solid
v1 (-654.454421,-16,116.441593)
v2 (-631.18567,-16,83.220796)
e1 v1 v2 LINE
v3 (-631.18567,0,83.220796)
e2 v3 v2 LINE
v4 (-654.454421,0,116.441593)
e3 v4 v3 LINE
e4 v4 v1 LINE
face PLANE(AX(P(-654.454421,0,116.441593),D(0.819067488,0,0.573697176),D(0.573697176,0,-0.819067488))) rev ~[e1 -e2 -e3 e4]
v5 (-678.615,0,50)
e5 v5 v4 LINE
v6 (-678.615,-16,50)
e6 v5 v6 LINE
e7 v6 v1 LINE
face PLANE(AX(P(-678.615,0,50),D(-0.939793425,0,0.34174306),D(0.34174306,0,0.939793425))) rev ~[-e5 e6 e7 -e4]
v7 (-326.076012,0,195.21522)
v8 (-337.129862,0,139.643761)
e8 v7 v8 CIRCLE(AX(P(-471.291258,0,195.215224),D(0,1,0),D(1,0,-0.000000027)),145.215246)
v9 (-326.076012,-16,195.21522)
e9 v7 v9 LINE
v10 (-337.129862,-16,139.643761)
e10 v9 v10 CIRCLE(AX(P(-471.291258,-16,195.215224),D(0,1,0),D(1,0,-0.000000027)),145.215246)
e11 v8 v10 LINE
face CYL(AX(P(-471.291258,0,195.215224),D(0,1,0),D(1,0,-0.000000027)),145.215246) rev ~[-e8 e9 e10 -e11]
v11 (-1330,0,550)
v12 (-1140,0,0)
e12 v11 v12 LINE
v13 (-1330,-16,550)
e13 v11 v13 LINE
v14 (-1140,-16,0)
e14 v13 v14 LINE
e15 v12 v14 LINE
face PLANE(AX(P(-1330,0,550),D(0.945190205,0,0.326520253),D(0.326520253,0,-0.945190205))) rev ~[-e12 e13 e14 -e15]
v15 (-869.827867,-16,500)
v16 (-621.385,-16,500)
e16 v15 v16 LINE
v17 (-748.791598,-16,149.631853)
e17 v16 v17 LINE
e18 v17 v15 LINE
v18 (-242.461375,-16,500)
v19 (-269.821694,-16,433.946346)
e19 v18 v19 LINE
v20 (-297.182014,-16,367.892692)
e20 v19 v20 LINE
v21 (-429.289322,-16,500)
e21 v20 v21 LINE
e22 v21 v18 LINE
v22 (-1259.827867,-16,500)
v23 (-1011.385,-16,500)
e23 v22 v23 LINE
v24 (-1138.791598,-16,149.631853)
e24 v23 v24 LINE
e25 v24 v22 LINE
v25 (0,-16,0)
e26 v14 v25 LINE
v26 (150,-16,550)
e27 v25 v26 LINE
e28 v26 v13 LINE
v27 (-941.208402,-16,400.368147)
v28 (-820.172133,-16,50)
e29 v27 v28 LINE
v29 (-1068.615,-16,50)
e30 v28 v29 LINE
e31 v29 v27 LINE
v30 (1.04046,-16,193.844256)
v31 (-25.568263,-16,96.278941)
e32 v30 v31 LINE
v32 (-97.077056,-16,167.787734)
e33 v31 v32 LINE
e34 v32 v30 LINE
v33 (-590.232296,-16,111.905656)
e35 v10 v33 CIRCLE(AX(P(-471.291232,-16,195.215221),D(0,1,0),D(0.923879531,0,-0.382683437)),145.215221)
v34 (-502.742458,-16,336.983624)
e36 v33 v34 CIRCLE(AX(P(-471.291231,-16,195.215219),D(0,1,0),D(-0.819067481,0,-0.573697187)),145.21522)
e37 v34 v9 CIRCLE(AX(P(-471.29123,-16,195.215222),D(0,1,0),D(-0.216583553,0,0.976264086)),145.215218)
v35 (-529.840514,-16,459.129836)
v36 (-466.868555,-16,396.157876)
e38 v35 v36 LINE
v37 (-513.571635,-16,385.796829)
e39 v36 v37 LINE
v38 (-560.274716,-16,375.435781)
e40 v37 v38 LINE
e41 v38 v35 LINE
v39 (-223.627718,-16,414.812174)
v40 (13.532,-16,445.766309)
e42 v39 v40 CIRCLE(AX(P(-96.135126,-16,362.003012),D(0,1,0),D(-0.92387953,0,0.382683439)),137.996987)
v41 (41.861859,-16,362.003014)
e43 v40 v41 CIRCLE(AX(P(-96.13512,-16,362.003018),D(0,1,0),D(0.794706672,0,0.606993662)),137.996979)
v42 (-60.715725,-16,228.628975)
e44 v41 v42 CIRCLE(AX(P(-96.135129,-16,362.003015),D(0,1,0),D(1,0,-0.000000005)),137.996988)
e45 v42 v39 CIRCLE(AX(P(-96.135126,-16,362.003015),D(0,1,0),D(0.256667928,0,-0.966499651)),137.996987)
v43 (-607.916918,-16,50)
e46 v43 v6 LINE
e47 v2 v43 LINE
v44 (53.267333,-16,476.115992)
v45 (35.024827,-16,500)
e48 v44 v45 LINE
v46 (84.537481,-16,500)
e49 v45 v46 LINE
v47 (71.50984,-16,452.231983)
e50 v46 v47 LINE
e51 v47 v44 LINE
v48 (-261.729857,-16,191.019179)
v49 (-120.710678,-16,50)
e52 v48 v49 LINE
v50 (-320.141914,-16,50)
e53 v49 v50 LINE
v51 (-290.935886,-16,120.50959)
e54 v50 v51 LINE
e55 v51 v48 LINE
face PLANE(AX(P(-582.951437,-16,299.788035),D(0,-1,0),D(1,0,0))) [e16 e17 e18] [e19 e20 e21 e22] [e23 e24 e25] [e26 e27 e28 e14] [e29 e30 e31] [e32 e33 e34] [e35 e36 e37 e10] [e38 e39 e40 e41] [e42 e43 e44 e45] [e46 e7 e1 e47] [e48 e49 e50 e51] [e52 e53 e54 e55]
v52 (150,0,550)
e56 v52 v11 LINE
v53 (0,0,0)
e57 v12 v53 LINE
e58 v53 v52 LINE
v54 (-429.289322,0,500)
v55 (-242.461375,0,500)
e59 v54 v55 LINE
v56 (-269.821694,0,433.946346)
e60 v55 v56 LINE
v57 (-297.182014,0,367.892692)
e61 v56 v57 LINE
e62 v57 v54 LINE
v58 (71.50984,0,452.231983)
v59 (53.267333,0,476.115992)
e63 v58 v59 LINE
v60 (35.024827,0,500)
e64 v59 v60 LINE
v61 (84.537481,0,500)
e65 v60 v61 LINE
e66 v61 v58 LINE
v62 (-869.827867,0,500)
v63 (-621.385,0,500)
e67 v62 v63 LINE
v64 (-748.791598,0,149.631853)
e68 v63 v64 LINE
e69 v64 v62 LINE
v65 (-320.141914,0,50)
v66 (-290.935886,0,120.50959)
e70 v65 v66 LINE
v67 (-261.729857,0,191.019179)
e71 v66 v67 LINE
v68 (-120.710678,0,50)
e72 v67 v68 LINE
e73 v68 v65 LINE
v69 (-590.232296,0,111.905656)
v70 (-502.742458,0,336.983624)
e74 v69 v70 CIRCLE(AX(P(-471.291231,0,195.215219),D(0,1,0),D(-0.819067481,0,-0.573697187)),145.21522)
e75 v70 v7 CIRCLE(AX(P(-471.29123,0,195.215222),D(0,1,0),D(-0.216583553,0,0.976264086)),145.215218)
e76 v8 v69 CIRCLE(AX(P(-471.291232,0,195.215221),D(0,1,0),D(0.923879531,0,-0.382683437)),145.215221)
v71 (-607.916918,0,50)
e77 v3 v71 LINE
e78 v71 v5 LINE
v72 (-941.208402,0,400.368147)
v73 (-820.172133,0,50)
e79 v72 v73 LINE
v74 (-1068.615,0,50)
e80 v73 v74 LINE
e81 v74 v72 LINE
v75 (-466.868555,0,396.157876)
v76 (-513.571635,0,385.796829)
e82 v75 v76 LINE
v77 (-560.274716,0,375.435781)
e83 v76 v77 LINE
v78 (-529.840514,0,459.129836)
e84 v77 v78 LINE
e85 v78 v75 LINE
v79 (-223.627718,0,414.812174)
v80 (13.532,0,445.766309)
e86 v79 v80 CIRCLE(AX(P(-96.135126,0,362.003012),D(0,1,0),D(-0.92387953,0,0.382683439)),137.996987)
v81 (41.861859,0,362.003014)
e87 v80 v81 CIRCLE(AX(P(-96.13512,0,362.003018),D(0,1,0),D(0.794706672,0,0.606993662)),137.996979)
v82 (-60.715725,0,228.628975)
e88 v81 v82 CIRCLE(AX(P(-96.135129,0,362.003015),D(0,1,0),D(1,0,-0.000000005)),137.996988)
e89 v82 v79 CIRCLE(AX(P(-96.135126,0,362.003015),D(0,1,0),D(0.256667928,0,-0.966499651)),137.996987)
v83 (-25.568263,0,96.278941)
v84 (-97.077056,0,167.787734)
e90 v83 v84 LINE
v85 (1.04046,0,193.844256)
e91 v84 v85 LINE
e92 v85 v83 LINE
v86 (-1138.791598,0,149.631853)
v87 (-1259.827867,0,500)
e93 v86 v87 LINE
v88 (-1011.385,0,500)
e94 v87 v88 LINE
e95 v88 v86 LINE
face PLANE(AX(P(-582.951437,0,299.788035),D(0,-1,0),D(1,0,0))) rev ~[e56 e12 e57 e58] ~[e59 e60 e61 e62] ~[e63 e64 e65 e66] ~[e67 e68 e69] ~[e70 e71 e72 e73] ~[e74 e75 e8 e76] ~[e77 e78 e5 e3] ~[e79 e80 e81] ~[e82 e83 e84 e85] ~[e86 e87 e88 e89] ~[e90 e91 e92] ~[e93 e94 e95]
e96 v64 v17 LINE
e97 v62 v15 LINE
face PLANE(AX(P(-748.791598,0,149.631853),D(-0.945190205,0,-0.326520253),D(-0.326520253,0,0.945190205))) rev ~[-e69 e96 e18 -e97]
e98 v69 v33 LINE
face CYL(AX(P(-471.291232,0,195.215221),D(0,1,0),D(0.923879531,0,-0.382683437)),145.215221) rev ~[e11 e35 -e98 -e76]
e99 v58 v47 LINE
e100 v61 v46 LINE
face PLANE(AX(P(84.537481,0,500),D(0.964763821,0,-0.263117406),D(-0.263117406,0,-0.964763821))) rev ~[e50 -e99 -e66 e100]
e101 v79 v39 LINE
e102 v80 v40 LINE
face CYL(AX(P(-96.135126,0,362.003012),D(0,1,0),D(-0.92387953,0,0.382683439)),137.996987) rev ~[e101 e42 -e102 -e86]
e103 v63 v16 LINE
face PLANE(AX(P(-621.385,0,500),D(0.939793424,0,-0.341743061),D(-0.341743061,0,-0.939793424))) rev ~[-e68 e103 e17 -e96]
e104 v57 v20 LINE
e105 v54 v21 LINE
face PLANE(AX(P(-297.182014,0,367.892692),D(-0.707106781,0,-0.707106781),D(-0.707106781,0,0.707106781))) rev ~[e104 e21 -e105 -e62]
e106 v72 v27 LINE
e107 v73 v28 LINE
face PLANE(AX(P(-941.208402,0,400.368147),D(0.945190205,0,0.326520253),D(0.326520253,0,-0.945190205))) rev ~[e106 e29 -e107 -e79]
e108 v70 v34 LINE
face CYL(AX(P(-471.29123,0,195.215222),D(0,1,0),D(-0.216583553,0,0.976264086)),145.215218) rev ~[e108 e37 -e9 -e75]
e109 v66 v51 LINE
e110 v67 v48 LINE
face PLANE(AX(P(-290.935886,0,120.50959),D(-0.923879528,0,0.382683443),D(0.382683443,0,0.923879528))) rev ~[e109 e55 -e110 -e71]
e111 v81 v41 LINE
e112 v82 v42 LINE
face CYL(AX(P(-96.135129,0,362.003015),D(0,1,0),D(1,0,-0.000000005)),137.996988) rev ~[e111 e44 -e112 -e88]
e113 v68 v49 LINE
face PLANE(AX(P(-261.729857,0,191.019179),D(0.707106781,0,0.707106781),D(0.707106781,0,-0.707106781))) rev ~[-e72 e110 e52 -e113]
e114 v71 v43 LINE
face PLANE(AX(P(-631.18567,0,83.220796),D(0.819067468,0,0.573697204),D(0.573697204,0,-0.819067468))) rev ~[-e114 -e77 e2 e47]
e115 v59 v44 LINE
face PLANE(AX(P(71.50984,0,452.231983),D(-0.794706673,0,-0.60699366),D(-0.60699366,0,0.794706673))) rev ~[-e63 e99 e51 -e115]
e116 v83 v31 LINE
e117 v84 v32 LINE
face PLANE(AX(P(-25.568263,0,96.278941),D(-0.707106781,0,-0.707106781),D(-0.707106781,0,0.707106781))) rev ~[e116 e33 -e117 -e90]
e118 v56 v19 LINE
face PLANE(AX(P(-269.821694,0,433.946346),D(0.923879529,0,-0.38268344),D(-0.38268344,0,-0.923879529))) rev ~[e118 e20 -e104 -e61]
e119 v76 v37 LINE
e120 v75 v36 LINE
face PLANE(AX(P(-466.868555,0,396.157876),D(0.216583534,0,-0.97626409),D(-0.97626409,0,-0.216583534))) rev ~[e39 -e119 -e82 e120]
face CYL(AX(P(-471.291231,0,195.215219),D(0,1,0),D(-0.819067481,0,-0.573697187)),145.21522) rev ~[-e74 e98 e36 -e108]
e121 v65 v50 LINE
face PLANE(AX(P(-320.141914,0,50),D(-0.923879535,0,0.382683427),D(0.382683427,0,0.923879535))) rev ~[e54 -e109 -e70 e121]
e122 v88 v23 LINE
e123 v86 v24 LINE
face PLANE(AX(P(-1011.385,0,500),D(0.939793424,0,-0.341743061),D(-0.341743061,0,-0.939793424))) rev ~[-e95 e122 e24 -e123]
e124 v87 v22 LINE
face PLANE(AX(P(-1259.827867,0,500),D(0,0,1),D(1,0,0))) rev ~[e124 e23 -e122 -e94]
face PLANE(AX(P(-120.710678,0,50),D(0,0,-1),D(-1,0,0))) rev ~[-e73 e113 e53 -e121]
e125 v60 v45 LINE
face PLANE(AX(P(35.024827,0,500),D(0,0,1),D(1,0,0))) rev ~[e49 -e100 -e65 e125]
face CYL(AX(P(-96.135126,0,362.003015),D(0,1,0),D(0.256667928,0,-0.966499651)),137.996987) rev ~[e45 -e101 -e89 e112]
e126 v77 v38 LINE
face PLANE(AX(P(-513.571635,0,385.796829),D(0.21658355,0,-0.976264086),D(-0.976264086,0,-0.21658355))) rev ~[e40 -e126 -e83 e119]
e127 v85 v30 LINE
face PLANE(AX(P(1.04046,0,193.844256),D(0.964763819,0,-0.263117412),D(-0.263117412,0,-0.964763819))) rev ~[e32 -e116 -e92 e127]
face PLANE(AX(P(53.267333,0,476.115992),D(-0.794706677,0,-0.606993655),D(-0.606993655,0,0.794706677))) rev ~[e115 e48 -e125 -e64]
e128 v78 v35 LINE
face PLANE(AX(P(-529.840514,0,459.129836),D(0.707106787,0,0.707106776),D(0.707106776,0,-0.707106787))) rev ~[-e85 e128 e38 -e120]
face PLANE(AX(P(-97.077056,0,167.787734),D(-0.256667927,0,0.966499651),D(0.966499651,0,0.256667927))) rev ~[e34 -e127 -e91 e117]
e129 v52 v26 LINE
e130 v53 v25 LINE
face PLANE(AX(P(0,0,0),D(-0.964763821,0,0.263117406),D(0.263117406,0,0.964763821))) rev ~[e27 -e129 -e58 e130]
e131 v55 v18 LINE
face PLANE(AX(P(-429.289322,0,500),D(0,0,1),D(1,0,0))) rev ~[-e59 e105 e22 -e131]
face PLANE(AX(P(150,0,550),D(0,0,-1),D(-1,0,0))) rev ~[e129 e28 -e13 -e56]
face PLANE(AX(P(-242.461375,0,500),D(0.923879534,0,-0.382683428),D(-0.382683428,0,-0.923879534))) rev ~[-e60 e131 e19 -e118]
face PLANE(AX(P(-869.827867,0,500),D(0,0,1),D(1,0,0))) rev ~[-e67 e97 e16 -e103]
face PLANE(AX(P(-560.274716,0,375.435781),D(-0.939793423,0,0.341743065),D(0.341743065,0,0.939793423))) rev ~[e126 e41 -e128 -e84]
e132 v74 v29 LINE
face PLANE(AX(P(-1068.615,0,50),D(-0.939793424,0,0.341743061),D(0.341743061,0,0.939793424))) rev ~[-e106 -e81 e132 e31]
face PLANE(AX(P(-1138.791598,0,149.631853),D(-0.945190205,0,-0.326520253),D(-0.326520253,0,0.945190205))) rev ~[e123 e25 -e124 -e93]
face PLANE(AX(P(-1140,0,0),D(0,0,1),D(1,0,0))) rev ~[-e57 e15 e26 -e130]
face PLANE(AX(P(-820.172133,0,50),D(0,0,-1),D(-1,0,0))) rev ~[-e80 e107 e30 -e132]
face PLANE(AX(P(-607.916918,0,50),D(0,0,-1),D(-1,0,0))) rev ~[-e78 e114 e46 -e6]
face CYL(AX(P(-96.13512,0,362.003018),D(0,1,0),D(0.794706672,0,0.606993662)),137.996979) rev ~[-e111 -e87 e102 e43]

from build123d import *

# Parameters (mm, degrees)
F1_DEPTH = 16


with BuildPart() as f1:
    # F0 (on Front) → F1 (new body)
    with BuildSketch(Plane.XZ):
        Polygon((-750, 0), (0, 0), (150, 550), (-550, 550), (-940, 550), (-1330, 550), (-1140, 0), align=None)
        Polygon((-654.454421, 116.441593), (-631.18567, 83.220796), (-607.916918, 50), (-678.615, 50), align=None, mode=Mode.SUBTRACT)
        Polygon((-1068.615, 50), (-941.208402, 400.368147), (-820.172133, 50), align=None, mode=Mode.SUBTRACT)
        Polygon((-320.141914, 50), (-290.935886, 120.50959), (-261.729857, 191.019179), (-120.710678, 50), (-243.274822, 50), align=None, mode=Mode.SUBTRACT)
        with BuildLine():
            ThreePointArc((-502.742458, 336.983624), (-380.405965, 308.473017), (-326.076012, 195.21522))
            ThreePointArc((-326.076012, 195.21522), (-328.866282, 166.885136), (-337.129862, 139.643761))
            ThreePointArc((-337.129862, 139.643761), (-455.471464, 50.864276), (-590.232296, 111.905656))
            ThreePointArc((-590.232296, 111.905656), (-606.640717, 247.826786), (-502.742458, 336.983624))
        make_face(mode=Mode.SUBTRACT)
        Polygon((-97.077056, 167.787734), (-48.018298, 180.815995), (1.04046, 193.844256), (-25.568263, 96.278941), align=None, mode=Mode.SUBTRACT)
        Polygon((-1259.827867, 500), (-1011.385, 500), (-1138.791598, 149.631853), align=None, mode=Mode.SUBTRACT)
        Polygon((-621.385, 500), (-748.791598, 149.631853), (-869.827867, 500), align=None, mode=Mode.SUBTRACT)
        with BuildLine():
            ThreePointArc((13.532, 445.766309), (34.587674, 406.215203), (41.861859, 362.003014))
            ThreePointArc((41.861859, 362.003014), (13.251661, 277.873954), (-60.715725, 228.628975))
            ThreePointArc((-60.715725, 228.628975), (-199.987974, 271.130828), (-223.627718, 414.812174))
            ThreePointArc((-223.627718, 414.812174), (-113.995037, 498.839382), (13.532, 445.766309))
        make_face(mode=Mode.SUBTRACT)
        Polygon((-466.868555, 396.157876), (-513.571635, 385.796829), (-560.274716, 375.435781), (-529.840514, 459.129836), align=None, mode=Mode.SUBTRACT)
        Polygon((-242.461375, 500), (-269.821694, 433.946346), (-297.182014, 367.892692), (-429.289322, 500), align=None, mode=Mode.SUBTRACT)
        Polygon((71.50984, 452.231983), (53.267333, 476.115992), (35.024827, 500), (84.537481, 500), align=None, mode=Mode.SUBTRACT)
    extrude(amount=F1_DEPTH)


solid = f1.part
